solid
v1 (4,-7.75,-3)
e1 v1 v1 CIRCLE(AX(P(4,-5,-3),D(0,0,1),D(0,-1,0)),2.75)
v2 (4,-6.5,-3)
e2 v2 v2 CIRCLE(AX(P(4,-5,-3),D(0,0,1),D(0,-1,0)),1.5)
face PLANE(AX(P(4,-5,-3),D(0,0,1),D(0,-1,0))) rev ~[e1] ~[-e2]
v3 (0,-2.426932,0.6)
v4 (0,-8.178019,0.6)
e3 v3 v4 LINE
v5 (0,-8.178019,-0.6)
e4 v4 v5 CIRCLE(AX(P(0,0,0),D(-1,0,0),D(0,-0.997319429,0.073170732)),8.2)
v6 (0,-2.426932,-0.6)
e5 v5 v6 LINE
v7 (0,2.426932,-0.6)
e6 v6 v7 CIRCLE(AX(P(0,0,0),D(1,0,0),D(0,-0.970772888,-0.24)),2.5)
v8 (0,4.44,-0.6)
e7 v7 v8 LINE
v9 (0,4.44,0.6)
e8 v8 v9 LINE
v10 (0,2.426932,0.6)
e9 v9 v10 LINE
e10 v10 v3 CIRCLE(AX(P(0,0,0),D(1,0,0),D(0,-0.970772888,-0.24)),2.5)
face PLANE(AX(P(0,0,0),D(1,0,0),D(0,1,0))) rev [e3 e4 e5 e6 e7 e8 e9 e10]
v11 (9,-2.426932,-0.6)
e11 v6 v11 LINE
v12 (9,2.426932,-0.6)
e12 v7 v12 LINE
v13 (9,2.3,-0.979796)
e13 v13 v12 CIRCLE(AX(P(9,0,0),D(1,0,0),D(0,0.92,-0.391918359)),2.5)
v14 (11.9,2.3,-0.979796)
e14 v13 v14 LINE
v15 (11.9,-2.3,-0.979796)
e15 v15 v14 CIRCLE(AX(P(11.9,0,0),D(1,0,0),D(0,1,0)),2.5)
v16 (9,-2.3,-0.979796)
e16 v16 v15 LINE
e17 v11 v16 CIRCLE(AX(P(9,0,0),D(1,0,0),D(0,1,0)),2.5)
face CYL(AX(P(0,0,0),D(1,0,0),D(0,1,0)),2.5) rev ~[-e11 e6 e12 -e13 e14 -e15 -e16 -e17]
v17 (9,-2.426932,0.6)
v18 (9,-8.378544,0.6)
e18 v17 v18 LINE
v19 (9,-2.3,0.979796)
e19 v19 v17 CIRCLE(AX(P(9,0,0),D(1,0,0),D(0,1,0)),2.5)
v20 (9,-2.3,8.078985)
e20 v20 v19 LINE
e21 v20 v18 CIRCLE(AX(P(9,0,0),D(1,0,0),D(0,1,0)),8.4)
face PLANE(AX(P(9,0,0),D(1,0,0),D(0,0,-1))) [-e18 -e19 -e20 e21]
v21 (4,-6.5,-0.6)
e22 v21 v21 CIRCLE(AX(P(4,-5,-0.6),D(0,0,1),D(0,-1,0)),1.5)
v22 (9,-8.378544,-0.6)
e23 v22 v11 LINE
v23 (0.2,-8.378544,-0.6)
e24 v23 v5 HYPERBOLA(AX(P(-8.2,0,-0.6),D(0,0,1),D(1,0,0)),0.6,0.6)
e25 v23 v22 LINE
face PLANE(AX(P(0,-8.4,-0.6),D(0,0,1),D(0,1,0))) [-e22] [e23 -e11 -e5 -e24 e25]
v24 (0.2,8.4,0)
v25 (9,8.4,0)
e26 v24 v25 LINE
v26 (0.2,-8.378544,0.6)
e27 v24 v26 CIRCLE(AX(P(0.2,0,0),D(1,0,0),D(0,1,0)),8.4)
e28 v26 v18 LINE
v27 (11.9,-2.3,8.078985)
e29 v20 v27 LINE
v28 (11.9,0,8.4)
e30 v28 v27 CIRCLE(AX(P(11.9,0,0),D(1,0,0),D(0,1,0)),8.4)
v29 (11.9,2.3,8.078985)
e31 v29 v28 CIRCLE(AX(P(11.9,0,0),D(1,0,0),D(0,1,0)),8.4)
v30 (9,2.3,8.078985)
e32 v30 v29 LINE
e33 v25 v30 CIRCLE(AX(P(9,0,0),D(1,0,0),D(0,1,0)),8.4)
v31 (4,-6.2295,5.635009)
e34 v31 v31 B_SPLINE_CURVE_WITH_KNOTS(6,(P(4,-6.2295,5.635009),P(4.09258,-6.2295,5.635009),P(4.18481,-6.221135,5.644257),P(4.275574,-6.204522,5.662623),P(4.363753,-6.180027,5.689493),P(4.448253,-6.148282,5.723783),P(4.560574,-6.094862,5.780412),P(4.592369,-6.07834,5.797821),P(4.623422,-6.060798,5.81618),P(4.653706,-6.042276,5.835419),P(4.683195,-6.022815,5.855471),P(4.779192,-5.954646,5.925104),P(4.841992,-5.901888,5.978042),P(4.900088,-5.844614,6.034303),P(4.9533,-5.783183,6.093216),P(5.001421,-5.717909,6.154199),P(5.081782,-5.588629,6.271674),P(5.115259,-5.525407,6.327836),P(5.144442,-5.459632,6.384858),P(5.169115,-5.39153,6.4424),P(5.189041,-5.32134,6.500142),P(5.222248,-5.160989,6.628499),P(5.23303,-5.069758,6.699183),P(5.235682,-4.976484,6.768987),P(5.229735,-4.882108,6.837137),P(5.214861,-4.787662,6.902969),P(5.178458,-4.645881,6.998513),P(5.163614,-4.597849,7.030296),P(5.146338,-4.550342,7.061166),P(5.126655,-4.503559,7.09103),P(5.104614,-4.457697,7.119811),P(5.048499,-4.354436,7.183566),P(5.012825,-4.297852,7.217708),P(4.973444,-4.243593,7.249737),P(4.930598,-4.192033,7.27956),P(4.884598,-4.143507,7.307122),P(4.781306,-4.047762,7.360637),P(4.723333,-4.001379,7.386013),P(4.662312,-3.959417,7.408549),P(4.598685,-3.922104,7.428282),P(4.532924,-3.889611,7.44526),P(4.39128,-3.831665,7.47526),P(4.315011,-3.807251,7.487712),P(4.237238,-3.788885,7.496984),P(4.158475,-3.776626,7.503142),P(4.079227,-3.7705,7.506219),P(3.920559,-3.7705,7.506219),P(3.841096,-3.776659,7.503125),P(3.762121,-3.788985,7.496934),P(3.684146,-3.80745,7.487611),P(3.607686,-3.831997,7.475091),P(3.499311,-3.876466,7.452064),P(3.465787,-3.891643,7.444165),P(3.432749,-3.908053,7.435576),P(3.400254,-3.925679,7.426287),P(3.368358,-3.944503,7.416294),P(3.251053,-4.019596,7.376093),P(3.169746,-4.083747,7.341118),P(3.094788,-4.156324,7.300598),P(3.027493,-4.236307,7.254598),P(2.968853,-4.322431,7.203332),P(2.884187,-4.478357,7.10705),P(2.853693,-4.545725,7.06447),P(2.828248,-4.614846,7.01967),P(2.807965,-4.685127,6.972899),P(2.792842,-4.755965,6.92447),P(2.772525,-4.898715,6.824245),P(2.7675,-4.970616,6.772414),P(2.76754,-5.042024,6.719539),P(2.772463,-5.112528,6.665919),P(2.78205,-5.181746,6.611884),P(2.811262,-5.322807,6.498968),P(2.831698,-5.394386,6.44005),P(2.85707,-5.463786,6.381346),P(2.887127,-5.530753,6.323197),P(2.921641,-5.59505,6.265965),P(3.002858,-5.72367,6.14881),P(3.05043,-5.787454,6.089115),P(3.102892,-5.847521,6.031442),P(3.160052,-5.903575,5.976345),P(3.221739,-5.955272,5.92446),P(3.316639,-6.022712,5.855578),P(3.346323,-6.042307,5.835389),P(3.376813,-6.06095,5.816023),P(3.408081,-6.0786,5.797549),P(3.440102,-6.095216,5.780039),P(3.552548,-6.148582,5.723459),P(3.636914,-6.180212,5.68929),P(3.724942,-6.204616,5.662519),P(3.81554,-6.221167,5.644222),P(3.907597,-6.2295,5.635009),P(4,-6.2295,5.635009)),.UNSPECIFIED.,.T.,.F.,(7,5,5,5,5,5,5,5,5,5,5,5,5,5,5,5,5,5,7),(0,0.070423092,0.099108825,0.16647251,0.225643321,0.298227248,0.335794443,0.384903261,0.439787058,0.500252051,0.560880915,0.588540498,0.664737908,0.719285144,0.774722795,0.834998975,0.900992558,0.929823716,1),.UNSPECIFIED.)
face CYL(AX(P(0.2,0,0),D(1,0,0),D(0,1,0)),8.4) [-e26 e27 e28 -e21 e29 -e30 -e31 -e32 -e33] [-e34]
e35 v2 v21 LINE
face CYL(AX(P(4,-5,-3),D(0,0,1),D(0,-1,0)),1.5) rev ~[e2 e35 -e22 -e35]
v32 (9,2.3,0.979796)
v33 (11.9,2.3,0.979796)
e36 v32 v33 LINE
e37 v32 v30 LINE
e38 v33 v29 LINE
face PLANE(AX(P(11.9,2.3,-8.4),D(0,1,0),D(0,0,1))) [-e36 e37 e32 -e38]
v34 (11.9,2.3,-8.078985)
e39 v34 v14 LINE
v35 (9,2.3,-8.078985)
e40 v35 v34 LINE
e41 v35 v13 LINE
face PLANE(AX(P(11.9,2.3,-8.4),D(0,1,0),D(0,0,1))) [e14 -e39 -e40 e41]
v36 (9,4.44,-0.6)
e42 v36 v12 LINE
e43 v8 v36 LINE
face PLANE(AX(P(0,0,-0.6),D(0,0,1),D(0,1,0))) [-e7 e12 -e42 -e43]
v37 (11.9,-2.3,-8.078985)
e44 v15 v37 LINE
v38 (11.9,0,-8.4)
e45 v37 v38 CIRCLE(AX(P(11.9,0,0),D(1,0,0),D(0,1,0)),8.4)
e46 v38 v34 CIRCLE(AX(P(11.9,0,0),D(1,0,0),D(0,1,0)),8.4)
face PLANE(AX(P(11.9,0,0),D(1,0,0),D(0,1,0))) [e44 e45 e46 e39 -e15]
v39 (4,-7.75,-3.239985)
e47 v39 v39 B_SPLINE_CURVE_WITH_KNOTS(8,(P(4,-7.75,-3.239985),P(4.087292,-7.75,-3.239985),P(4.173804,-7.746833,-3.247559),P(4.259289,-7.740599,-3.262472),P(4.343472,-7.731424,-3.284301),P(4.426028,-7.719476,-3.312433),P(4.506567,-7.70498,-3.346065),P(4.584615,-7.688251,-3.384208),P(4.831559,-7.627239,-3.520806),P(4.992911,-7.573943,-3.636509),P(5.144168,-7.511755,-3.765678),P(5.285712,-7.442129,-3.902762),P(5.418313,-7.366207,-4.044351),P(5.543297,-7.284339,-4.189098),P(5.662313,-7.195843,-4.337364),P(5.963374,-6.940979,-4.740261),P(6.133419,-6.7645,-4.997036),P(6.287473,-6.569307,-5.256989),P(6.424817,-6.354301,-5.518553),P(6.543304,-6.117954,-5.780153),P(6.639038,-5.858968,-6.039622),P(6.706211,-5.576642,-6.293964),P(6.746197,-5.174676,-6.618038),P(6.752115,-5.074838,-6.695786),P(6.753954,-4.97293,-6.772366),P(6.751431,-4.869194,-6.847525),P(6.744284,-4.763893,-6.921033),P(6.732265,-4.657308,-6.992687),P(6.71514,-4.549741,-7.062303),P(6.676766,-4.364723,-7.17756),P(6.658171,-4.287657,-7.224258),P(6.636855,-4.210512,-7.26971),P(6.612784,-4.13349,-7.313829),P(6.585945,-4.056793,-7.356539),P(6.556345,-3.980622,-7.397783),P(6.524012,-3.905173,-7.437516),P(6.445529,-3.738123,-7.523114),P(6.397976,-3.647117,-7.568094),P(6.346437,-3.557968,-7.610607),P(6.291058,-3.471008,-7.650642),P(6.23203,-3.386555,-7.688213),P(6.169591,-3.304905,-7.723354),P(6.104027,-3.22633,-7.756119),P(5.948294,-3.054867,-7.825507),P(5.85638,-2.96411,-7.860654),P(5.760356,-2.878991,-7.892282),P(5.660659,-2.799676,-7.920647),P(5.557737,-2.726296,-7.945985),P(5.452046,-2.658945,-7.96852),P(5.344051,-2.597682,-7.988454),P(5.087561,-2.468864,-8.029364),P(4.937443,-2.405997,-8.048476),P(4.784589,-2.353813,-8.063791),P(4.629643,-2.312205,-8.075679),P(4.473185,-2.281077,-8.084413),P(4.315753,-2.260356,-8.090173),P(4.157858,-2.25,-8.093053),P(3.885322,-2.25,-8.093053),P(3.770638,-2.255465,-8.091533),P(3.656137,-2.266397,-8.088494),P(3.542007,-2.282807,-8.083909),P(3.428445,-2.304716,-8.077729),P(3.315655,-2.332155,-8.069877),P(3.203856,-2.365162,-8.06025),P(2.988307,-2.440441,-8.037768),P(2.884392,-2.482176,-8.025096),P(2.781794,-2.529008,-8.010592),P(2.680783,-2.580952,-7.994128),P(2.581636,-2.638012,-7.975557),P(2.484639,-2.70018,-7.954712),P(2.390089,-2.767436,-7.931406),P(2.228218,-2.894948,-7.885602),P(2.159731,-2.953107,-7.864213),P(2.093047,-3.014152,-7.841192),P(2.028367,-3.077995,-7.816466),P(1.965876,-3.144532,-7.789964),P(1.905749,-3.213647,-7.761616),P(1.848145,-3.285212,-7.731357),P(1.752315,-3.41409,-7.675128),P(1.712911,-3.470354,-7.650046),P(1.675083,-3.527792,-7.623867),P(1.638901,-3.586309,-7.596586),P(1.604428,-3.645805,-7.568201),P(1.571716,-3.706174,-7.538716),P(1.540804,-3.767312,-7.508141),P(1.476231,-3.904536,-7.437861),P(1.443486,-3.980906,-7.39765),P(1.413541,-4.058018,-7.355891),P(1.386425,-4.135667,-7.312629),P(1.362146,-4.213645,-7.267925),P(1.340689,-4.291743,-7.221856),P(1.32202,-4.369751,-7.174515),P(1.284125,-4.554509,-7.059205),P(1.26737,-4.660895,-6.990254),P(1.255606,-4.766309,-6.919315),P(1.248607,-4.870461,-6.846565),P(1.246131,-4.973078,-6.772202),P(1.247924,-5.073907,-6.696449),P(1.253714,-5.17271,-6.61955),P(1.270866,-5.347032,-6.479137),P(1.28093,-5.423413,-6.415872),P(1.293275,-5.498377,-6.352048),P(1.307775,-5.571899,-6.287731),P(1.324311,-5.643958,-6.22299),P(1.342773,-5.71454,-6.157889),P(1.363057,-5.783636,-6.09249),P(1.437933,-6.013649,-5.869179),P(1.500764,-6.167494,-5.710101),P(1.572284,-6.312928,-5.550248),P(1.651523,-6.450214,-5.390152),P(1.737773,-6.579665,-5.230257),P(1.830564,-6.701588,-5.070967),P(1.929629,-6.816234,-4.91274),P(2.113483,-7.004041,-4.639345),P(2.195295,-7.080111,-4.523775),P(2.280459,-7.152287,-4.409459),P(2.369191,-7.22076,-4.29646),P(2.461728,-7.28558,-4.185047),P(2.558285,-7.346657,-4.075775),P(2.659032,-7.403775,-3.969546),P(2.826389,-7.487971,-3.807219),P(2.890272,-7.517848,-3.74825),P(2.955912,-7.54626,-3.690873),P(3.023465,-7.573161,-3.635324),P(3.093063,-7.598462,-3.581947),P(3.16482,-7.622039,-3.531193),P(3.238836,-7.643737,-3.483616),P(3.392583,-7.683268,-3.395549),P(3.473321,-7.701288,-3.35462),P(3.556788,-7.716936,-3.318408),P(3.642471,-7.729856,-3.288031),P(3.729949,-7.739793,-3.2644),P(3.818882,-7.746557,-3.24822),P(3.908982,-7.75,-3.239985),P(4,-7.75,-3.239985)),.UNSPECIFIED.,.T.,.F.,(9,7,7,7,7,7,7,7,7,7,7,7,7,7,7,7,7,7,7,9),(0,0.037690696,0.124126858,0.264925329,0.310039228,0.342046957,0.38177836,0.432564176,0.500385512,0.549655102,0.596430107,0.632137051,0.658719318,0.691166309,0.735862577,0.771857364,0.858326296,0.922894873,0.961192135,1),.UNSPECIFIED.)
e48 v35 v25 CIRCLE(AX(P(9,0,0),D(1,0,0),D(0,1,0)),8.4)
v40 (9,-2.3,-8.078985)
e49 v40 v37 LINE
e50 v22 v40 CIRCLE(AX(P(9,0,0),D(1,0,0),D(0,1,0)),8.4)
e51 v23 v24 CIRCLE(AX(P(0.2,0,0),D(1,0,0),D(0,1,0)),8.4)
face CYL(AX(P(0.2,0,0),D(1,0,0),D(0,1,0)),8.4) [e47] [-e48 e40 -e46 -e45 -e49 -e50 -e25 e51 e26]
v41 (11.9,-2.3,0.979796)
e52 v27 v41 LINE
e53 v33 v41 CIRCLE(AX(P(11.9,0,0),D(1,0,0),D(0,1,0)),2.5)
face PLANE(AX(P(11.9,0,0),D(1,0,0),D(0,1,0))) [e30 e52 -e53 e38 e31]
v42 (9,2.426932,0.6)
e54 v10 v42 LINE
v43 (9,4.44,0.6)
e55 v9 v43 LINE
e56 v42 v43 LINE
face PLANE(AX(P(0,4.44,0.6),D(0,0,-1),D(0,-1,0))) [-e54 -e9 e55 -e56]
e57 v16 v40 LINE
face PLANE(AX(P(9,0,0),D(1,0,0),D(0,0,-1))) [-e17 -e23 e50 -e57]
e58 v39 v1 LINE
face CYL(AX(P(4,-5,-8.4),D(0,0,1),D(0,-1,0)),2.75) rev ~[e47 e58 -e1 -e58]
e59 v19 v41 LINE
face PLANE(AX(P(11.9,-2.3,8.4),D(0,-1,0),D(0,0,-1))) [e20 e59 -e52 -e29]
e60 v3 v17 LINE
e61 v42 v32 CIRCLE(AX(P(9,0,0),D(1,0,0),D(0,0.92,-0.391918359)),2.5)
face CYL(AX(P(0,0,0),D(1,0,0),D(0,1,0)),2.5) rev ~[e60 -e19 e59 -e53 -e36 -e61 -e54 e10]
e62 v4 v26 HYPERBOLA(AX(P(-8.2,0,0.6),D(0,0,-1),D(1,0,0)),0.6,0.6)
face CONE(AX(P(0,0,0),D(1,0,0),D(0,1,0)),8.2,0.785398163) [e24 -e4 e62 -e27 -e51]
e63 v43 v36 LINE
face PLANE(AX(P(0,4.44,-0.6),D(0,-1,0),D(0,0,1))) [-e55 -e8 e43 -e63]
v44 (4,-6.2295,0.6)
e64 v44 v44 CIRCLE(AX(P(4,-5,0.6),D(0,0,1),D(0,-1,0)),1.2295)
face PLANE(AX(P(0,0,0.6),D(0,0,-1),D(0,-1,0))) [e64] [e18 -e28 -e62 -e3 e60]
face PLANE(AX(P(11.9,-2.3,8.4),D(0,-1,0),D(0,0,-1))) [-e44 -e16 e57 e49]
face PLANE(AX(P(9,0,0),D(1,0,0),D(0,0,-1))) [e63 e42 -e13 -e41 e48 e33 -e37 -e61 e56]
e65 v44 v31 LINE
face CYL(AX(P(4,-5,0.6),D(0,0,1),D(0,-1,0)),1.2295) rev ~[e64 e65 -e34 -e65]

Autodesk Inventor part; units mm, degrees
sketch "Sketch_1" plane through (0, 0, 0) normal (0, 0, 1) x (1, 0, 0)
  line L0 (11.9, 0) -> (0, 0)
  line L1 (0, 0) -> (0, 8.2)
  line L2 (0, 8.2) -> (0.2, 8.4)
  line L3 (0.2, 8.4) -> (11.9, 8.4)
  line L4 (11.9, 8.4) -> (11.9, 0)
  line L5 (11.9, 0) -> (0, 0)
revolve "Revolution1" add sketch "Sketch_1" angle 360 about axis through (11.9, 0, 0) along (1, 0, 0)
sketch "Sketch_6" plane through (0, 0, 0) normal (1, 0, 0) x (0, 1, 0)
  line L0 (0, 0.6) -> (-8.4, 0.6)
  line L1 (-8.4, 0.6) -> (-8.4, -0.6)
  line L2 (-8.4, -0.6) -> (0, -0.6)
  line L3 (0, -0.6) -> (0, 0.6)
extrude "Extrusion1" cut sketch "Sketch_6" along normal blind 9
sketch "Sketch_7" plane through (4, 0, 0) normal (1, 0, 0) x (0, 0, -1)
  line L0 (-8.4, -5) -> (8.4, -5)
  line L1 (8.4, -5) -> (8.4, -7.75)
  line L2 (8.4, -7.75) -> (3, -7.75)
  line L3 (3, -7.75) -> (3, -6.5)
  line L4 (3, -6.5) -> (0.6, -6.5)
  line L5 (0.6, -6.5) -> (0.6, -5)
  line L6 (0.6, -5) -> (8.4, -5)
revolve "Revolution2" cut sketch "Sketch_7" angle 360 about axis through (4, -5, 8.4) along (0, 0, 1)
sketch "Sketch_13" plane through (4, 0, 0) normal (1, 0, 0) x (0, 0, -1)
  line L0 (-8.4, -5) -> (8.4, -5)
  line L1 (-0.6, -5) -> (-0.6, -6.2295)
  line L2 (-0.6, -6.2295) -> (-8.4, -6.2295)
  line L3 (-8.4, -6.2295) -> (-8.4, -5)
  line L4 (-8.4, -5) -> (-0.6, -5)
revolve "Revolution3" cut sketch "Sketch_13" angle 360 about axis through (4, -5, 8.4) along (0, 0, 1)
thread "Thread1" size "M3x0.5" class "6H" standard "ISO Metric profile" length 4.7207 offset 2.1855
sketch "Sketch_2" plane through (11.9, 0, 0) normal (1, 0, 0) x (0, 0, -1)
  line L0 (-9.4, 8.9) -> (-9.4, -8.9)
  line L1 (-9.4, -8.9) -> (9.4, -8.9)
  line L2 (9.4, -8.9) -> (9.4, 8.9)
  line L3 (9.4, 8.9) -> (-9.4, 8.9)
  line L4 (-8.4, 2.3) -> (-8.4, -2.3)
  line L5 (-8.4, -2.3) -> (8.4, -2.3)
  line L6 (8.4, -2.3) -> (8.4, 2.3)
  line L7 (8.4, 2.3) -> (-8.4, 2.3)
extrude "Extrusion2" cut sketch "Sketch_2" against normal blind 2.9
sketch "Sketch_3" plane through (0, 0, 0) normal (0, 0, 1) x (1, 0, 0)
  line L0 (11.9, 0) -> (0, 0)
  line L1 (0, 0) -> (0, 2.5)
  line L2 (0, 2.5) -> (11.9, 2.5)
  line L3 (11.9, 2.5) -> (11.9, 0)
  line L4 (11.9, 0) -> (0, 0)
revolve "Revolution4" cut sketch "Sketch_3" angle 360 about axis through (11.9, 0, 0) along (1, 0, 0)
sketch "Sketch_17" plane through (0, 0, 0) normal (1, 0, 0) x (0, 0, -1)
  line L0 (-0.6, 0) -> (0.6, 0)
  line L1 (0.6, 0) -> (0.6, 4.44)
  line L2 (0.6, 4.44) -> (-0.6, 4.44)
  line L3 (-0.6, 4.44) -> (-0.6, 0)
extrude "Extrusion3" cut sketch "Sketch_17" along normal blind 11.9
ref_plane "L_XY" through (12.2, 0, 0) normal (1, 0, 0) x (0, 0, -1)
ref_plane "L_YZ" through (12.2, 0, 0) normal (0, 0, -1) x (0, 1, 0)
ref_plane "L_ZX" through (12.2, 0, 0) normal (0, 1, 0) x (1, 0, 0)
ref_plane "screw_XY" through (4, -5, -3) normal (0, 0, -1) x (1, 0, 0)
ref_plane "screw_YZ" through (4, -5, -3) normal (1, 0, 0) x (0, -1, 0)
ref_plane "screw_ZX" through (4, -5, -3) normal (0, -1, 0) x (0, 0, -1)
properties part number "MCOC17-5_c"
